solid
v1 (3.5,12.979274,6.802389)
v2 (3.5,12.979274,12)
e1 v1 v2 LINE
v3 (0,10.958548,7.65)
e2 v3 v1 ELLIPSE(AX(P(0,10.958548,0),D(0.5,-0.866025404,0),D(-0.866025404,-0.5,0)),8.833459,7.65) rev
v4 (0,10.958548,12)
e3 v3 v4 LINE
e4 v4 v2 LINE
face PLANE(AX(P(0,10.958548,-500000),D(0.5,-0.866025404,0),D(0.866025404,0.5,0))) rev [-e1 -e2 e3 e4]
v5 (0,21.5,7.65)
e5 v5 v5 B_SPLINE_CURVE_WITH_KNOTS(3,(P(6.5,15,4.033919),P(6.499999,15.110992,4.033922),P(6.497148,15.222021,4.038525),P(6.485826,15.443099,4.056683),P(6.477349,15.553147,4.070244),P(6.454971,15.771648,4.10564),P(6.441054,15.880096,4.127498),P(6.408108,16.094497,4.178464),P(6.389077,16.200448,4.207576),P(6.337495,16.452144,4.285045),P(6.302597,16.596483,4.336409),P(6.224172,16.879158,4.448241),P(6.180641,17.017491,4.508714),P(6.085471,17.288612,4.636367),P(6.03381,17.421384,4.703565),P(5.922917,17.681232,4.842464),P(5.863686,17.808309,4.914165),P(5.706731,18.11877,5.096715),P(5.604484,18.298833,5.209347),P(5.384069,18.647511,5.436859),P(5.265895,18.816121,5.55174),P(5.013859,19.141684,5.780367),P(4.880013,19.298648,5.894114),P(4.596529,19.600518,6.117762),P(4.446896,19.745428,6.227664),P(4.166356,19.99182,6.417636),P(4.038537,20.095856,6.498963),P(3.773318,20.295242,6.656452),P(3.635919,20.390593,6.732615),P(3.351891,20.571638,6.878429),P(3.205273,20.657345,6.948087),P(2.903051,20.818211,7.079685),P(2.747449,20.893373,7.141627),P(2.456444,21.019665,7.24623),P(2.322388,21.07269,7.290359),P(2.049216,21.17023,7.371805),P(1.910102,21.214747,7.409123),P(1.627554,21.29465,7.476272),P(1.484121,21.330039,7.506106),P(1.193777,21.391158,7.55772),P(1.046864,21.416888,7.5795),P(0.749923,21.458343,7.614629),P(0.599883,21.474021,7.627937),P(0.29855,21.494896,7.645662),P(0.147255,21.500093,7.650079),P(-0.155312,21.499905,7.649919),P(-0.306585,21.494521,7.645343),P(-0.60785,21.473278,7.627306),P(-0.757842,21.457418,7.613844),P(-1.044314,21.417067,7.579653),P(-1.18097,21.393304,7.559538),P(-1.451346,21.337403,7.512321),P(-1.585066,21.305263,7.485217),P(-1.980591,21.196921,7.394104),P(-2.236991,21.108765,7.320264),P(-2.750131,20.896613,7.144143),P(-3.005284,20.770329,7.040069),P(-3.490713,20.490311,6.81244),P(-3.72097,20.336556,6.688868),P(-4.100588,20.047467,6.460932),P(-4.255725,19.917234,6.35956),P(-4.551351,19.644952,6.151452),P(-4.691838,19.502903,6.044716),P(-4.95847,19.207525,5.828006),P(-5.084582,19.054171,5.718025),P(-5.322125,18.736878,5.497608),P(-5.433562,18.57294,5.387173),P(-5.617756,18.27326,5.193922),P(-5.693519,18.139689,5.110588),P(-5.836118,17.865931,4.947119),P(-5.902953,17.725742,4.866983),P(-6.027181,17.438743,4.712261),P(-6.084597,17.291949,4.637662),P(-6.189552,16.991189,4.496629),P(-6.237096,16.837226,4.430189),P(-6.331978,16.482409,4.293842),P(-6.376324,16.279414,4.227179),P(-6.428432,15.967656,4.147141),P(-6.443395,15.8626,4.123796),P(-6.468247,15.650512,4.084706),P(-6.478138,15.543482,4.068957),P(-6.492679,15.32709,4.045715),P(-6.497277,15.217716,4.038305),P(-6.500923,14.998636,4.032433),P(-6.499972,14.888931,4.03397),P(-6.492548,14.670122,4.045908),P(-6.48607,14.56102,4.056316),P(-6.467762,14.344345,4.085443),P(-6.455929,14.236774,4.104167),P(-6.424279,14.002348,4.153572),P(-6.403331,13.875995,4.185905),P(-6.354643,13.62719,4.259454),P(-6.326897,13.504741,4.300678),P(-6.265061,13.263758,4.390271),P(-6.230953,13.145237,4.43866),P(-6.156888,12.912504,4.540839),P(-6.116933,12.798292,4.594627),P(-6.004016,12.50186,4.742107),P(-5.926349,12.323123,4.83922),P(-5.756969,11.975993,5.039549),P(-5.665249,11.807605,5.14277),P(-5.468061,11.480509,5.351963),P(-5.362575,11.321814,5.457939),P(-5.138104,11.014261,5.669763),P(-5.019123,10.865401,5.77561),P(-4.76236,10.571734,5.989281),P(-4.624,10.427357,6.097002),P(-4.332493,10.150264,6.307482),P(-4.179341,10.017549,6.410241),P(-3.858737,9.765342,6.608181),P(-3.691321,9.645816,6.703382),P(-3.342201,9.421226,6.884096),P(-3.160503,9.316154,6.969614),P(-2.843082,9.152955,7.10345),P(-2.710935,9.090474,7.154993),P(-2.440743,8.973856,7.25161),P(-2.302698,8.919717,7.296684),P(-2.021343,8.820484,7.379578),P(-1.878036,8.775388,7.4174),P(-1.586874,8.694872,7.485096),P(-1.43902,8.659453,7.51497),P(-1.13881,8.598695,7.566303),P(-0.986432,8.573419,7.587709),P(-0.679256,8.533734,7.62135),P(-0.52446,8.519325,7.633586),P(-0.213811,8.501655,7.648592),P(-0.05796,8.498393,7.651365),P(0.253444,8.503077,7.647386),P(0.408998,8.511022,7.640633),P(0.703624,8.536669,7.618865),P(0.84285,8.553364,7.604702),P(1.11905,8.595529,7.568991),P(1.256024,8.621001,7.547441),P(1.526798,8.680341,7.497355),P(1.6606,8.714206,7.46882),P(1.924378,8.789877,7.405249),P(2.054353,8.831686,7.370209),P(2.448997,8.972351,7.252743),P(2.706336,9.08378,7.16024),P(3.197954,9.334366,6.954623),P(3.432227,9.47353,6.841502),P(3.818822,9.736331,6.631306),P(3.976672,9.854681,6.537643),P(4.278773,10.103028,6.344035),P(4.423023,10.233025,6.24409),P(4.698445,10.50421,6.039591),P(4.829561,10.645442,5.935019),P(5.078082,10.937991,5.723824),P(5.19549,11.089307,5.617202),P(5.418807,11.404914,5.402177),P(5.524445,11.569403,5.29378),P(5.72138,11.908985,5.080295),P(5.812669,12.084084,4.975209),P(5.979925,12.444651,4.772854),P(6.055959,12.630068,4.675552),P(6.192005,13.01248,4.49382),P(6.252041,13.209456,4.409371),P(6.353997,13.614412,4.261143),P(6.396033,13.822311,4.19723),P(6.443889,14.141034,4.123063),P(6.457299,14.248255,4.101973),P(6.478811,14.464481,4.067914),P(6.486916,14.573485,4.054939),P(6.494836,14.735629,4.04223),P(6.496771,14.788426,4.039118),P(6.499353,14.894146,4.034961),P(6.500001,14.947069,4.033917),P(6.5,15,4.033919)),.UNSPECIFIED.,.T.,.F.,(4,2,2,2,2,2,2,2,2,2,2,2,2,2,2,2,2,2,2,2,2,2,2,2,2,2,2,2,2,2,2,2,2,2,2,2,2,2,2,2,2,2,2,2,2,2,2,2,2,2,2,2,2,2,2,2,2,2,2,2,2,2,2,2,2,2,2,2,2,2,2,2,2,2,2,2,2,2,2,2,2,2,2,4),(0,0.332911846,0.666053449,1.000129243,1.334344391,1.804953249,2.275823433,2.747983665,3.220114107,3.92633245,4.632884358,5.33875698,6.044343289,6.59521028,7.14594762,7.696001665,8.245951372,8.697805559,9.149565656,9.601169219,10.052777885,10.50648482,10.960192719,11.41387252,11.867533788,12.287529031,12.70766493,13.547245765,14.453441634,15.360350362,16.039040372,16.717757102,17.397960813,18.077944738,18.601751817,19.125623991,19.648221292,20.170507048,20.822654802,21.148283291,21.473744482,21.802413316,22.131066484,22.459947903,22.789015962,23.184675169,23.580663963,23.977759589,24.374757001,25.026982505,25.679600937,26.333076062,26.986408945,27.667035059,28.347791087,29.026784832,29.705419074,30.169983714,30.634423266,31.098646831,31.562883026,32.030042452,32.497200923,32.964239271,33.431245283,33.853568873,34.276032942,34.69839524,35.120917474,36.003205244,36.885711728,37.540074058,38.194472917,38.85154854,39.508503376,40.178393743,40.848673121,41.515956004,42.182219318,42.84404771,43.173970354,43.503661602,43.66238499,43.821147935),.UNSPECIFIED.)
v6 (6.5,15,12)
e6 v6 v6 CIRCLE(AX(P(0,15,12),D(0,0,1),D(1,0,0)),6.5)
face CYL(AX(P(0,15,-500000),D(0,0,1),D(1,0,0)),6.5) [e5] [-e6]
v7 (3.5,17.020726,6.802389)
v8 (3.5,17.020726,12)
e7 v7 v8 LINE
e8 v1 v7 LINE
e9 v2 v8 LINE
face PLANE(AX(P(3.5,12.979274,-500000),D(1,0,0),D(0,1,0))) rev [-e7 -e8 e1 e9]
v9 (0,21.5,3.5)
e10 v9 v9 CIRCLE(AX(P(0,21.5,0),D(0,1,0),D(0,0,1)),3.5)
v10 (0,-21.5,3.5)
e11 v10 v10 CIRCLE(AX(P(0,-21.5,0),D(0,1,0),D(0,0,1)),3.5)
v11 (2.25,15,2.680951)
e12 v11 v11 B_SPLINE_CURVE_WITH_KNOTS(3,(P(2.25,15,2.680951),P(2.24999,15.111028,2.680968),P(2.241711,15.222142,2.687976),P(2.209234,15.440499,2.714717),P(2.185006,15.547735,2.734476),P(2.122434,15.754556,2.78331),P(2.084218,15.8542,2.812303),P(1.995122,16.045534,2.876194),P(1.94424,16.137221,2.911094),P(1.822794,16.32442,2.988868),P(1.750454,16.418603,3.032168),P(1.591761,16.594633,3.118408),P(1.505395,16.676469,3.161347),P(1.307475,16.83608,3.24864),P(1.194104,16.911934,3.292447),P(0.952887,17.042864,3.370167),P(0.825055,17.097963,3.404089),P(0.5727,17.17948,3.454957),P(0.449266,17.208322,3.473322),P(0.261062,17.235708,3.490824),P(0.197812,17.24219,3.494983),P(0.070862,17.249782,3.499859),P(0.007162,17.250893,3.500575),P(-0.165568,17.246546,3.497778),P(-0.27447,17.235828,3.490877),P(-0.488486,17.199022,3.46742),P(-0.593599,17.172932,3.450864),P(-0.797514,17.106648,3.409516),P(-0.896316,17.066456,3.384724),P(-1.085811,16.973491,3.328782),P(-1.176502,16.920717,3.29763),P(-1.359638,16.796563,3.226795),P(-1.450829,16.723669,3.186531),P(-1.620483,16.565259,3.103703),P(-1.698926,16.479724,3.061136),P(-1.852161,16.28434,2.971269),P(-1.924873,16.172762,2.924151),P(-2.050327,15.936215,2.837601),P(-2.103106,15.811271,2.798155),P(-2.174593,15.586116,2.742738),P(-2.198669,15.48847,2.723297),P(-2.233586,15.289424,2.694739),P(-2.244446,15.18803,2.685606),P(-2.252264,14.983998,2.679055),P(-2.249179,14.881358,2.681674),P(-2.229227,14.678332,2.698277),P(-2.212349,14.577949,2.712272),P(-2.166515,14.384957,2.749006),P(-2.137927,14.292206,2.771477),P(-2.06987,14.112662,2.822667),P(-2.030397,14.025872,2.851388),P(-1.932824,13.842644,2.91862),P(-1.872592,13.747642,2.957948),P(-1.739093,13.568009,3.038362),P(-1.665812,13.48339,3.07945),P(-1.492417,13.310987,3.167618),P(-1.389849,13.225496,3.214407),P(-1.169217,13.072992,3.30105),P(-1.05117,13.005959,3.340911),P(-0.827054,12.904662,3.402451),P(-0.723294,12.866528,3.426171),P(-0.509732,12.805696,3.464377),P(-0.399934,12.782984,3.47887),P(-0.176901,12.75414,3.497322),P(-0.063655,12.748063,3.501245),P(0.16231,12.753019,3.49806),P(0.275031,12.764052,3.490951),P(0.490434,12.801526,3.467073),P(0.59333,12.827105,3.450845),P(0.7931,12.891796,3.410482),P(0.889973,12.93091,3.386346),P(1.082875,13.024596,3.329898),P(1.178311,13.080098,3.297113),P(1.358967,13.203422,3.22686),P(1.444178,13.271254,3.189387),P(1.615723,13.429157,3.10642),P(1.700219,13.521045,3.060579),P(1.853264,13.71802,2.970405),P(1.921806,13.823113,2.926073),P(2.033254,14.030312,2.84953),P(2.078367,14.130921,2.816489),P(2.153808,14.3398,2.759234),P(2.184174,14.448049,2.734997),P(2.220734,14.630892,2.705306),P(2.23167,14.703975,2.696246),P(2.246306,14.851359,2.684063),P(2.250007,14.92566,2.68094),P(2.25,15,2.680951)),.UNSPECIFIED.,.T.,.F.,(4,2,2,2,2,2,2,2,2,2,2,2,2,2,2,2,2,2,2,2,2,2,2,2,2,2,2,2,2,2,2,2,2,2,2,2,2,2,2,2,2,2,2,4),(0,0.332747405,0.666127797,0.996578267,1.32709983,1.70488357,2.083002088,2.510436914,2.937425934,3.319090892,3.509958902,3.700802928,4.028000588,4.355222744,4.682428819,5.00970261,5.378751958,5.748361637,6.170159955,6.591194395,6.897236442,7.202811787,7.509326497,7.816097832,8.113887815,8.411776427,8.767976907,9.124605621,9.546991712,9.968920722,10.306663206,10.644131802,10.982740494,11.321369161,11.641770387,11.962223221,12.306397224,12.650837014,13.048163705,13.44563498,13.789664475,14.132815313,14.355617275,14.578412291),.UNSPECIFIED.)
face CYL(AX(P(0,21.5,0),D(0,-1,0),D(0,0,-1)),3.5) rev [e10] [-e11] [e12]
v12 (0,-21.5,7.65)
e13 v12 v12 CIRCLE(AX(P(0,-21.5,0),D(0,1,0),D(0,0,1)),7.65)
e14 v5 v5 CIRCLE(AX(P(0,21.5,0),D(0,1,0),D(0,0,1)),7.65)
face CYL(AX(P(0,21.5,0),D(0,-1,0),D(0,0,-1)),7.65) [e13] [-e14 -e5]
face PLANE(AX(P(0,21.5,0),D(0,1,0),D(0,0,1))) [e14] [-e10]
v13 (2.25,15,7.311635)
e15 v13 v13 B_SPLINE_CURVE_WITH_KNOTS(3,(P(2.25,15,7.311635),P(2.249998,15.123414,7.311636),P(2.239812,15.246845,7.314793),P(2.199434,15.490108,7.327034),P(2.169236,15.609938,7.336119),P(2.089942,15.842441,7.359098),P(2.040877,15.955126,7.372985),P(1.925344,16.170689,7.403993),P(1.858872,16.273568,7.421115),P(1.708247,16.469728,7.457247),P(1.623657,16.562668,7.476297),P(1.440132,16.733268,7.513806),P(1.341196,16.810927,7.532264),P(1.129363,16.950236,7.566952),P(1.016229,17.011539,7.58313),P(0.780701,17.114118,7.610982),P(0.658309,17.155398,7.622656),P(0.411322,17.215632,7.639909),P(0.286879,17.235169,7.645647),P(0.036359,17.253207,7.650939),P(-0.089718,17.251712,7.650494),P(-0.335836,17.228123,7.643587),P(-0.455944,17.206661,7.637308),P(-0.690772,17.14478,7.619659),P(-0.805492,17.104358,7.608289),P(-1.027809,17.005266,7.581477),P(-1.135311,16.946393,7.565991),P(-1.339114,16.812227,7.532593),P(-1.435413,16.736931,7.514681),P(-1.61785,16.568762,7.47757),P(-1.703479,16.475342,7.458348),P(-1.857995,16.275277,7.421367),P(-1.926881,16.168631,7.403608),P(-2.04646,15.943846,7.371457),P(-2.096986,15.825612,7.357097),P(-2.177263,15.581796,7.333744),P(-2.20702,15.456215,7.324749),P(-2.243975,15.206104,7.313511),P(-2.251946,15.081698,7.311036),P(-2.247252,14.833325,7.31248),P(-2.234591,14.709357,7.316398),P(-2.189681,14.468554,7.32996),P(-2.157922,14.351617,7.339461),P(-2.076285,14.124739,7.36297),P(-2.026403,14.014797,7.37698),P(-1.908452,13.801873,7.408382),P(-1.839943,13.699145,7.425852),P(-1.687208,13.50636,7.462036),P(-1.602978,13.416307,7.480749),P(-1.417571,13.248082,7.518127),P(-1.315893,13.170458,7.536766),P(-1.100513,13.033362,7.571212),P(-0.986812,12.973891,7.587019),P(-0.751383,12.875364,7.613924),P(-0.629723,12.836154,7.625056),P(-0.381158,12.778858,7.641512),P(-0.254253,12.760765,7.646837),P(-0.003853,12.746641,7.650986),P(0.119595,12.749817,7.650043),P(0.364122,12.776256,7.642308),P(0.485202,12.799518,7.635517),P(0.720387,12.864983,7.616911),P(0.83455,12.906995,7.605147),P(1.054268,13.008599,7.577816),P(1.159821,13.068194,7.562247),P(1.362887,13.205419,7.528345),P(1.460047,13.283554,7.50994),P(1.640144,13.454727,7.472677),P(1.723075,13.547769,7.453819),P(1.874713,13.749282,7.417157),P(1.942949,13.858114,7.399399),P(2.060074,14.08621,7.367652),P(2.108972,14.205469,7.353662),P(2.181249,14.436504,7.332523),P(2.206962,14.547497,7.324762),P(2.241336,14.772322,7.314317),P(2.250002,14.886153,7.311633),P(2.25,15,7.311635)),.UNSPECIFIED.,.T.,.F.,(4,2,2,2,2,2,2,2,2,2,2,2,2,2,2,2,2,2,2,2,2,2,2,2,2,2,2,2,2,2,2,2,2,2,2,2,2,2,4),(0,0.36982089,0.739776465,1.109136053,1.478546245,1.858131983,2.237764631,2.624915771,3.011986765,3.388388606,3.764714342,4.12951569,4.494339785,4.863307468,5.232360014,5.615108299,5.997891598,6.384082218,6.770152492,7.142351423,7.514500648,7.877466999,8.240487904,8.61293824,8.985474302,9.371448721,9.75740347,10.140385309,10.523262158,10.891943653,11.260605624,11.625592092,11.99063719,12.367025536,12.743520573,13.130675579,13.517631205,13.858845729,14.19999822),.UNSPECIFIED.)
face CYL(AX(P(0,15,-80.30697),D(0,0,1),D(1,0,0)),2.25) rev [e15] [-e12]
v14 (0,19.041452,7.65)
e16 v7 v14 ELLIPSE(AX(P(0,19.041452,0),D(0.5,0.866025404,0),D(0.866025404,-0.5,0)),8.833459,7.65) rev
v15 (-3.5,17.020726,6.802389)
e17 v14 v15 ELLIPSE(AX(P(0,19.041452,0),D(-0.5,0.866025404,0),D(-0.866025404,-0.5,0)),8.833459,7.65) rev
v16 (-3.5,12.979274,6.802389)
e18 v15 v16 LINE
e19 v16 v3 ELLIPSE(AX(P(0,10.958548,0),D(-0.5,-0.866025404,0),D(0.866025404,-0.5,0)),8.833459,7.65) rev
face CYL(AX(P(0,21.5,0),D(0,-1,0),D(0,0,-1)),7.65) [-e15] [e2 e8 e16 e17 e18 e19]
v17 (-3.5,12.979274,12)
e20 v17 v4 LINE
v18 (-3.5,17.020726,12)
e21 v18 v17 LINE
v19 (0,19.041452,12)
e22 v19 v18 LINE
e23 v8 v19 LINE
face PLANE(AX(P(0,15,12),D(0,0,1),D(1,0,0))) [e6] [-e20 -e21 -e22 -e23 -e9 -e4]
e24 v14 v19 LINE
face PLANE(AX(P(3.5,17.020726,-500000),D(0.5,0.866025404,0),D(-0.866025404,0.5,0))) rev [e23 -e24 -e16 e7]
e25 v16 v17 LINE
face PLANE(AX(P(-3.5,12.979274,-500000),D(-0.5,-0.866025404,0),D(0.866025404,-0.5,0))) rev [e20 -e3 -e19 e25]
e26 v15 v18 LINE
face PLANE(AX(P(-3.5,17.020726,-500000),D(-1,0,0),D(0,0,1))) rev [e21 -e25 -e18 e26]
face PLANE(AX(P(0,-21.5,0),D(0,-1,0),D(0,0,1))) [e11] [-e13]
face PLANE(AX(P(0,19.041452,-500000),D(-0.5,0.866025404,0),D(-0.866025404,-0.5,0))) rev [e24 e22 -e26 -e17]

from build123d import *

# Parameters (mm, degrees)
CROQUIS1_R                   = 7.65
SALIENTE_EXTRUIR1_DEPTH      = 8.5
CROQUIS2_R                   = 7.65
CROQUIS2_R_2                 = 3.5
SALIENTE_EXTRUIR2_DEPTH      = 21.5
SALIENTE_EXTRUIR3_REACH      = 132.896
SALIENTE_EXTRUIR3_END_RADIUS = 7.65
SALIENTE_EXTRUIR3_START      = 12
CROQUIS3_R                   = 6.5
CORTAR_EXTRUIR1_REACH        = 129.309
CORTAR_EXTRUIR1_END_RADIUS   = 3.5
CROQUIS4_R                   = 2.25


with BuildPart() as part:
    # Croquis1 → Saliente-Extruir1 (new, symmetric)
    with BuildSketch(Plane(origin=(0, 0, 0), x_dir=(1, 0, 0), z_dir=(0, 1, 0))):
        with BuildLine():
            ThreePointArc((-18.62950636, 70.733830846), (-21.266037972, 78.379045573), (-29.224003483, 79.818278736))
            ThreePointArc((-29.224003483, 79.818278736), (-42.5, 73.612159322), (-54.51265533, 65.217868785))
            ThreePointArc((-54.51265533, 65.217868785), (-57.245225604, 57.606451909), (-51.942541239, 51.500541191))
            ThreePointArc((-51.942541239, 51.500541191), (-41.569219382, 24), (-70.572047599, 19.233289655))
            ThreePointArc((-70.572047599, 19.233289655), (-78.511263577, 20.772593665), (-83.736658814, 14.600409951))
            ThreePointArc((-83.736658814, 14.600409951), (-85, 0), (-83.736658814, -14.600409951))
            ThreePointArc((-83.736658814, -14.600409951), (-78.511263577, -20.772593665), (-70.572047599, -19.233289655))
            ThreePointArc((-70.572047599, -19.233289655), (-41.569219382, -24), (-51.942541239, -51.500541191))
            ThreePointArc((-51.942541239, -51.500541191), (-57.245225604, -57.606451909), (-54.51265533, -65.217868785))
            ThreePointArc((-54.51265533, -65.217868785), (-42.5, -73.612159322), (-29.224003483, -79.818278736))
            ThreePointArc((-29.224003483, -79.818278736), (-21.266037972, -78.379045573), (-18.62950636, -70.733830846))
            ThreePointArc((-18.62950636, -70.733830846), (0, -48), (18.62950636, -70.733830846))
            ThreePointArc((18.62950636, -70.733830846), (21.266037972, -78.379045573), (29.224003483, -79.818278736))
            ThreePointArc((29.224003483, -79.818278736), (42.5, -73.612159322), (54.51265533, -65.217868785))
            ThreePointArc((54.51265533, -65.217868785), (57.245225604, -57.606451909), (51.942541239, -51.500541191))
            ThreePointArc((51.942541239, -51.500541191), (41.569219382, -24), (70.572047599, -19.233289655))
            ThreePointArc((70.572047599, -19.233289655), (78.511263577, -20.772593665), (83.736658814, -14.600409951))
            ThreePointArc((83.736658814, -14.600409951), (85, 0), (83.736658814, 14.600409951))
            ThreePointArc((83.736658814, 14.600409951), (78.511263577, 20.772593665), (70.572047599, 19.233289655))
            ThreePointArc((70.572047599, 19.233289655), (41.569219382, 24), (51.942541239, 51.500541191))
            ThreePointArc((51.942541239, 51.500541191), (57.245225604, 57.606451909), (54.51265533, 65.217868785))
            ThreePointArc((54.51265533, 65.217868785), (42.5, 73.612159322), (29.224003483, 79.818278736))
            ThreePointArc((29.224003483, 79.818278736), (21.266037972, 78.379045573), (18.62950636, 70.733830846))
            ThreePointArc((18.62950636, 70.733830846), (0, 48), (-18.62950636, 70.733830846))
        make_face()
        with Locations(Location((0, 0, 0), (0, 0, 270))):
            Circle(CROQUIS1_R, mode=Mode.SUBTRACT)
    extrude(amount=SALIENTE_EXTRUIR1_DEPTH, both=True)


with BuildPart() as body_2:
    # Croquis2 → Saliente-Extruir2 (new body)
    with BuildSketch(Plane(origin=(0, 0, 0), x_dir=(1, 0, 0), z_dir=(0, 1, 0))):
        with Locations(Location((0, 0, 0), (0, 0, 270))):
            Circle(CROQUIS2_R)
        with Locations(Location((0, 0, 0), (0, 0, 270))):
            Circle(CROQUIS2_R_2, mode=Mode.SUBTRACT)
    extrude(amount=SALIENTE_EXTRUIR2_DEPTH)

    # Simetría3: body 2 across plane


with BuildPart() as body_2_1:
    add(body_2.part)
    add(body_2.part.mirror(Plane.ZX))

    # Saliente-Extruir3: up to this cylinder (the profile starts outside it)
    saliente_extruir3_end = Plane(origin=(0, 15, 0), z_dir=(0, -1, 0)) * Cylinder(SALIENTE_EXTRUIR3_END_RADIUS, 282.092, mode=Mode.PRIVATE)
    # Croquis3 → Saliente-Extruir3 (add, up to the surface)
    with BuildSketch(Plane.XY.offset(SALIENTE_EXTRUIR3_START), mode=Mode.PRIVATE) as saliente_extruir3_sk1:
        with Locations((0, 15)):
            Circle(CROQUIS3_R)
        Polygon((0, 10.958548116), (3.5, 12.979274058), (3.5, 17.020725942), (0, 19.041451884), (-3.5, 17.020725942), (-3.5, 12.979274058), align=None, mode=Mode.SUBTRACT)
    saliente_extruir3_tool1 = extrude(saliente_extruir3_sk1.sketch, amount=-SALIENTE_EXTRUIR3_REACH, mode=Mode.PRIVATE) - saliente_extruir3_end
    add(saliente_extruir3_tool1.solids().sort_by_distance((-6.316152, 15, 12))[0])

    # Cortar-Extruir1: up to this cylinder (the profile starts outside it)
    cortar_extruir1_end = Plane(origin=(0, 15, 0), z_dir=(0, -1, 0)) * Cylinder(CORTAR_EXTRUIR1_END_RADIUS, 266.618, mode=Mode.PRIVATE)
    # Croquis4 → Cortar-Extruir1 (cut, up to the surface)
    with BuildSketch(Plane.XY.offset(12), mode=Mode.PRIVATE) as cortar_extruir1_sk1:
        with Locations((0, 15)):
            Circle(CROQUIS4_R)
    cortar_extruir1_tool1 = extrude(cortar_extruir1_sk1.sketch, amount=-CORTAR_EXTRUIR1_REACH, mode=Mode.PRIVATE) - cortar_extruir1_end
    add(cortar_extruir1_tool1.solids().sort_by_distance((0, 15, 12))[0], mode=Mode.SUBTRACT)


solid = body_2_1.part
